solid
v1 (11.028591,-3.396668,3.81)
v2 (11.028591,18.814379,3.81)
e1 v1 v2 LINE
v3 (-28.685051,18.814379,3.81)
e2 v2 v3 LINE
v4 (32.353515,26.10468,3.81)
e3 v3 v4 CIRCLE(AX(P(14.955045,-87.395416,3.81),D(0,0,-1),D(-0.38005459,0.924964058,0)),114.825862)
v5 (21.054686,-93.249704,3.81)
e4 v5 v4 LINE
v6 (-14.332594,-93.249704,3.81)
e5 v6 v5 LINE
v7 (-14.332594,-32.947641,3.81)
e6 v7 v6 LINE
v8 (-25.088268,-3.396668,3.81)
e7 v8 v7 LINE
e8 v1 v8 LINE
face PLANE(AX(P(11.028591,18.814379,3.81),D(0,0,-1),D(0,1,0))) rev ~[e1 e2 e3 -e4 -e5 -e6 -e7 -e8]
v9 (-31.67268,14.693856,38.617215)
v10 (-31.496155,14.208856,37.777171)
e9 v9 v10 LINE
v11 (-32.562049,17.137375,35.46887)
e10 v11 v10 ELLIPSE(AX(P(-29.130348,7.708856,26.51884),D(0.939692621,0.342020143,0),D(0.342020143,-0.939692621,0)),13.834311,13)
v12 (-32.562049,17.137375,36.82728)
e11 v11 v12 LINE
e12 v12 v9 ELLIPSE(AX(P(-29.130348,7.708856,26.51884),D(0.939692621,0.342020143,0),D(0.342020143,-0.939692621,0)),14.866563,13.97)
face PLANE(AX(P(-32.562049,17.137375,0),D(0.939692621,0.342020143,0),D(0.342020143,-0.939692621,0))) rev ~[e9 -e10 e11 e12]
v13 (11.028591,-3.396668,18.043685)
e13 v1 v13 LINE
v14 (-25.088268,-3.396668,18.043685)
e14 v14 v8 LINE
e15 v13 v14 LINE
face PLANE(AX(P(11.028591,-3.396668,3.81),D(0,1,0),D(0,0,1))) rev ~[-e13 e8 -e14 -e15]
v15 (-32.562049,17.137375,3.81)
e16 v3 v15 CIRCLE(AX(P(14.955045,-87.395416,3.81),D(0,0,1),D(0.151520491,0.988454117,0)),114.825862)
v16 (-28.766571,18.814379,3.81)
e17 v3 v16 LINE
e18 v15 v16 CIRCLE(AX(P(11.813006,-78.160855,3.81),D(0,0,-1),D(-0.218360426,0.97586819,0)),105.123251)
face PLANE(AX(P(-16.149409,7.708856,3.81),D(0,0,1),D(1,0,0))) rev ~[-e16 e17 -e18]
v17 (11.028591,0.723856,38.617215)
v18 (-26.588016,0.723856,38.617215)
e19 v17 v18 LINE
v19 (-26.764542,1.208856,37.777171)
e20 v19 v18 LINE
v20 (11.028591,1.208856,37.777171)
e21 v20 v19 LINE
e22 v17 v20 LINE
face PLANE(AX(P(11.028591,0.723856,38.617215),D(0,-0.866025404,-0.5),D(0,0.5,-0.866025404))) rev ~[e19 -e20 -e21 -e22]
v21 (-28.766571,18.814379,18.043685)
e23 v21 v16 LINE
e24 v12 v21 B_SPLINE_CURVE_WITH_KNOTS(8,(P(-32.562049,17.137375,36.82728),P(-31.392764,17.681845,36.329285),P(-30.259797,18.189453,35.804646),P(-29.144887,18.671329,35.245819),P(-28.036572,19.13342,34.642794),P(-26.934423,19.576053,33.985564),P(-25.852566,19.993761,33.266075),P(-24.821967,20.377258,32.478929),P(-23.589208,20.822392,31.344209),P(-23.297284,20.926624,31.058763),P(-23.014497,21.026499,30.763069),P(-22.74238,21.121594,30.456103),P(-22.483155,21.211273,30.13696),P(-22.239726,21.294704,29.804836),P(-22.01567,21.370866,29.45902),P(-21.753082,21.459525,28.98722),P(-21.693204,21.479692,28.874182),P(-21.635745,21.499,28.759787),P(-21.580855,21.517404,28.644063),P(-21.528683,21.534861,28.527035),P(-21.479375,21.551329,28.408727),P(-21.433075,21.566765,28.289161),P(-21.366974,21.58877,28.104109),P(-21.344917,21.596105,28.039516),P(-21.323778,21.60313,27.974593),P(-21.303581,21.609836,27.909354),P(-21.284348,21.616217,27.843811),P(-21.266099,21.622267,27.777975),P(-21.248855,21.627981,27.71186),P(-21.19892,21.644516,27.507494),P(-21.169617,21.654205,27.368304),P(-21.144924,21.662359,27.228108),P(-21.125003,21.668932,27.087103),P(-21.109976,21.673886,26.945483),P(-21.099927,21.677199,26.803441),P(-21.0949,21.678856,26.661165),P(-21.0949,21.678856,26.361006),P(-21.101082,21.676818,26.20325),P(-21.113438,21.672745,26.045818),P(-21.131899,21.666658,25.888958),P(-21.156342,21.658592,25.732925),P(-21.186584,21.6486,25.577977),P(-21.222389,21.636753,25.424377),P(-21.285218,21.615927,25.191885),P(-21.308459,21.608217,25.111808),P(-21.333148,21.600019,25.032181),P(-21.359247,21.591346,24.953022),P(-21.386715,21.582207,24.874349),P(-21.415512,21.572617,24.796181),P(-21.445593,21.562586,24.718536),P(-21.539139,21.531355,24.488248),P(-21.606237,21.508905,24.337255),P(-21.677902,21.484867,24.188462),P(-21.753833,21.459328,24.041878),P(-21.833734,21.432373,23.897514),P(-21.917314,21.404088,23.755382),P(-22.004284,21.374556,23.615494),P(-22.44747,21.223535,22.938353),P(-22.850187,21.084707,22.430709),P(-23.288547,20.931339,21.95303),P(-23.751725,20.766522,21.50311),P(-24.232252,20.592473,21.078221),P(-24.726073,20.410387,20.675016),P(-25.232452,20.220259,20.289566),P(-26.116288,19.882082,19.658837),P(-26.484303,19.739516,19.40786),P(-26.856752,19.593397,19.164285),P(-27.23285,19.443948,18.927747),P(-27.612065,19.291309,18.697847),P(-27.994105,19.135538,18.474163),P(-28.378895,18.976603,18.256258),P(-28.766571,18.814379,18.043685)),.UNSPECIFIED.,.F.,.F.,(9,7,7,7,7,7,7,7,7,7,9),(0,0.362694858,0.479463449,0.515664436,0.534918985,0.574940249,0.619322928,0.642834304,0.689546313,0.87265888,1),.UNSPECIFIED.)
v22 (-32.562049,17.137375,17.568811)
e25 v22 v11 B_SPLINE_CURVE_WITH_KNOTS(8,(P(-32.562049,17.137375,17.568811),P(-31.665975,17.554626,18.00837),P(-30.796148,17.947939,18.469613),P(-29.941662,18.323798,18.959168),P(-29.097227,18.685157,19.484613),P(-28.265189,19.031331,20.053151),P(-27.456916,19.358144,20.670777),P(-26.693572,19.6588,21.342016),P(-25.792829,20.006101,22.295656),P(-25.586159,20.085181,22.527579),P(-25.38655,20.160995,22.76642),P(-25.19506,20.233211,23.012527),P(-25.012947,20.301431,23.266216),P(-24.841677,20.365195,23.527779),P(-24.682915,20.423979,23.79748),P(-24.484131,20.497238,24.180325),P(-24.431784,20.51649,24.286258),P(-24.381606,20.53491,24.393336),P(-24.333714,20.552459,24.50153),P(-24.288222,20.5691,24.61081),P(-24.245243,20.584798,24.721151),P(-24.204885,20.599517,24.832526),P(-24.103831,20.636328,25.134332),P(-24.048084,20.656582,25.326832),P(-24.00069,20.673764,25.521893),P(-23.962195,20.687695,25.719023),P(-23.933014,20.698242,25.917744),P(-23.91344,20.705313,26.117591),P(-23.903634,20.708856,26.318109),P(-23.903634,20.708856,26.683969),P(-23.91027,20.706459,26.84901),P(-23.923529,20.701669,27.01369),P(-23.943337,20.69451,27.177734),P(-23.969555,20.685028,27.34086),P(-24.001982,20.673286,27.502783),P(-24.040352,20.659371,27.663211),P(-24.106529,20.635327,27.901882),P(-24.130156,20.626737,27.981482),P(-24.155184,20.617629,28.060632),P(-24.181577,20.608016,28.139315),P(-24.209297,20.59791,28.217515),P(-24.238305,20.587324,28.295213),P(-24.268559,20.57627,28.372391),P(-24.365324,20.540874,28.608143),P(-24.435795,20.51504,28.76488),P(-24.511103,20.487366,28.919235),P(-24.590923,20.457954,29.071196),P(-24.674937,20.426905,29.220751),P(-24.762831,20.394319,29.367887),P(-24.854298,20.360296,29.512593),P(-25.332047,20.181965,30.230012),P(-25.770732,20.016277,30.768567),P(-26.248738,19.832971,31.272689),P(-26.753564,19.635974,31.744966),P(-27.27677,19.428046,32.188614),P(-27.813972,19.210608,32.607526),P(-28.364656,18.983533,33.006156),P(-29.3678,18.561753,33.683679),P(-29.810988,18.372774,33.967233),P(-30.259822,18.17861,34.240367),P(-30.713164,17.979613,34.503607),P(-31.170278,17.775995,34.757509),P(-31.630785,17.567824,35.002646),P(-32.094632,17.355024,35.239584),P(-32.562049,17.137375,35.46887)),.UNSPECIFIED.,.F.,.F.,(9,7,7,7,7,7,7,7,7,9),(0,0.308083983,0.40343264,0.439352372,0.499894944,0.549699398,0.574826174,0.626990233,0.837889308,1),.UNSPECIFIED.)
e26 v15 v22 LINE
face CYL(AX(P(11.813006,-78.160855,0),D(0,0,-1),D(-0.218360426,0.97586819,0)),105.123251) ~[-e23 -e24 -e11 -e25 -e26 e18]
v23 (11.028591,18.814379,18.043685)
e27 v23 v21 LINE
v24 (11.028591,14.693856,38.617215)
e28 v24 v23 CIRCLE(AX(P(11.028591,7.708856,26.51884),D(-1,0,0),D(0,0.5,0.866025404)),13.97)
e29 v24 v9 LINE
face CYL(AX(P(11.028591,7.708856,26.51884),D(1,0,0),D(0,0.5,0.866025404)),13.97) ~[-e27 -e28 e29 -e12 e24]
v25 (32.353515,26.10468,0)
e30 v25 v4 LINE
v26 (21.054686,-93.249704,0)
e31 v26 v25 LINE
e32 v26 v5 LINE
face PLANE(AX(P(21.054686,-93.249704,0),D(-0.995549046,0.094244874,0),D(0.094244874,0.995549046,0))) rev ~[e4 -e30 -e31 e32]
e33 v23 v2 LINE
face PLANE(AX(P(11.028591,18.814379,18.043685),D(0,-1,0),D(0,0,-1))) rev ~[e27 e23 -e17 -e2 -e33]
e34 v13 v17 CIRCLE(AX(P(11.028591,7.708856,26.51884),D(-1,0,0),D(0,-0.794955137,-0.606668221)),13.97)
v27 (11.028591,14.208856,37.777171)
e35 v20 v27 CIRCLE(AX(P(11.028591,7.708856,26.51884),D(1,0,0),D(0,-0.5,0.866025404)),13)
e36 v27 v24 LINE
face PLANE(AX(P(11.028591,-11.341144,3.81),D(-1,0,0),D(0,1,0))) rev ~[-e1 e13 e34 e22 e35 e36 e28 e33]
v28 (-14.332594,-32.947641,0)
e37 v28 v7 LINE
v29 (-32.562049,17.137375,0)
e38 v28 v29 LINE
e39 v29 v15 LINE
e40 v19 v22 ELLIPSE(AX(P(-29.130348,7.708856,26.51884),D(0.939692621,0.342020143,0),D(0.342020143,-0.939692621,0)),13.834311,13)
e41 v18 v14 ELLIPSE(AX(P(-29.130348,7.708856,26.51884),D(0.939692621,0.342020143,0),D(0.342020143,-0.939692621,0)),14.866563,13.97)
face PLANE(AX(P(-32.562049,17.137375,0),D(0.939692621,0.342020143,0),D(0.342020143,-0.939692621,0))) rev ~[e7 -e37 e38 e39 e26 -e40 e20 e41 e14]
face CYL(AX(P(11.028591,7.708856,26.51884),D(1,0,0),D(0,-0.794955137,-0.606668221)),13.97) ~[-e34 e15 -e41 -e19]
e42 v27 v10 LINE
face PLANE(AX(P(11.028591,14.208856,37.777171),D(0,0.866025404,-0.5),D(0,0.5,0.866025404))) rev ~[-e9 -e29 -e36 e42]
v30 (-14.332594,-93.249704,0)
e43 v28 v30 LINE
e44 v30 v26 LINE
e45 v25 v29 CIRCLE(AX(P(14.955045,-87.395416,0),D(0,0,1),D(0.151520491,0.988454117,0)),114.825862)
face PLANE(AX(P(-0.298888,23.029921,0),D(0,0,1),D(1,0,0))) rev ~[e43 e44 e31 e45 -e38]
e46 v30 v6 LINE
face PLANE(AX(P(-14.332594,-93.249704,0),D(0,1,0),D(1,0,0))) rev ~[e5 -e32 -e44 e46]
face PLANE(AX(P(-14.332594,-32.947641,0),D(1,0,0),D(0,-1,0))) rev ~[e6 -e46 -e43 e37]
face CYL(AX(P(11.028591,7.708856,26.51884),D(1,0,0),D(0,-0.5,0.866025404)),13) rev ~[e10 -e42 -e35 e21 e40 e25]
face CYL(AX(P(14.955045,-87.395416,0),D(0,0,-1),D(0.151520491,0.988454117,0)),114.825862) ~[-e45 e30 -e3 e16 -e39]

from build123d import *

# Parameters (mm, degrees)
F1_DEPTH = 3.81
F2_W     = 54.356
F2_H     = 38.1
F3_DEPTH = 50.8
F5_DEPTH = 54.357
F7_DEPTH = 38.6182152336


with BuildPart() as f1:
    # F0 (on Top) → F1 (new body)
    with BuildSketch(Plane.XY):
        with BuildLine():
            ThreePointArc((32.3535154368, 26.1046796118), (-0.7575616132, 26.3503201986), (-32.5620487044, 17.1373747646))
            Line((-32.5620487044, 17.1373747646), (32.3535154368, 26.1046796118))
        make_face()
        Polygon((32.3535154368, 26.1046796118), (-32.5620487044, 17.1373747646), (-14.3325939581, -32.94764052), (-14.3325939581, -93.2497044648), (21.0546860419, -93.2497044648), align=None)
    extrude(amount=F1_DEPTH)

    # F2 (on face) → F3 (join)
    with BuildSketch(Plane.XY.offset(3.81)):
        with Locations((-16.1494093879, 7.7088556692)):
            Rectangle(F2_W, F2_H)
        with BuildLine():
            Line((11.0285906121, 26.7588556692), (2.554207671, 26.7588556692))
            ThreePointArc((2.554207671, 26.7588556692), (-15.3877109544, 23.3488645961), (-32.5620487044, 17.1373747646))
            Line((-32.5620487044, 17.1373747646), (-22.1967154377, -11.3411443308))
            Line((-22.1967154377, -11.3411443308), (11.0285906121, -11.3411443308))
            Line((11.0285906121, -11.3411443308), (11.0285906121, 26.7588556692))
        make_face()
    extrude(amount=F3_DEPTH)

    # F4 (on face) → F5 (cut, through all)
    with BuildSketch(Plane.YZ.offset(11.0285906121)):
        with BuildLine():
            Line((0.7238556692, 38.6172152336), (1.2088556692, 37.777170592))
            ThreePointArc((1.2088556692, 37.777170592), (7.7088556692, 13.5188403428), (14.2088556692, 37.777170592))
            Line((14.2088556692, 37.777170592), (14.6938556692, 38.6172152336))
            ThreePointArc((14.6938556692, 38.6172152336), (21.4068223617, 29.2623068525), (18.8143789297, 18.0436852935))
            Line((18.8143789297, 18.0436852935), (18.8143789297, 3.81))
            Line((18.8143789297, 3.81), (26.7588556692, 3.81))
            Line((26.7588556692, 3.81), (26.7588556692, 54.61))
            Line((26.7588556692, 54.61), (-11.3411443308, 54.61))
            Line((-11.3411443308, 54.61), (-11.3411443308, 3.81))
            Line((-11.3411443308, 3.81), (-3.3966675913, 3.81))
            Line((-3.3966675913, 3.81), (-3.3966675913, 18.0436852935))
            ThreePointArc((-3.3966675913, 18.0436852935), (-5.9891110233, 29.2623068525), (0.7238556692, 38.6172152336))
        make_face()
    extrude(amount=-F5_DEPTH, mode=Mode.SUBTRACT)

    # F6 (on face) → F7 (cut, through all)
    with BuildSketch(Plane(origin=(0, 0, 0), x_dir=(1, 0, 0), z_dir=(0, 0, -1))):
        with BuildLine():
            ThreePointArc((-11.1417521231, -24.4255824736), (-22.048556528, -21.3594577958), (-32.5620487044, -17.1373747646))
            Line((-32.5620487044, -17.1373747646), (-22.9622920053, 9.2377399985))
            Line((-22.9622920053, 9.2377399985), (-52.2691048682, 17.8252514452))
            Line((-52.2691048682, 17.8252514452), (-60.0504353642, -34.5690436661))
            Line((-60.0504353642, -34.5690436661), (-11.1417521231, -24.4255824736))
        make_face()
    extrude(amount=-F7_DEPTH, mode=Mode.SUBTRACT)


solid = f1.part
